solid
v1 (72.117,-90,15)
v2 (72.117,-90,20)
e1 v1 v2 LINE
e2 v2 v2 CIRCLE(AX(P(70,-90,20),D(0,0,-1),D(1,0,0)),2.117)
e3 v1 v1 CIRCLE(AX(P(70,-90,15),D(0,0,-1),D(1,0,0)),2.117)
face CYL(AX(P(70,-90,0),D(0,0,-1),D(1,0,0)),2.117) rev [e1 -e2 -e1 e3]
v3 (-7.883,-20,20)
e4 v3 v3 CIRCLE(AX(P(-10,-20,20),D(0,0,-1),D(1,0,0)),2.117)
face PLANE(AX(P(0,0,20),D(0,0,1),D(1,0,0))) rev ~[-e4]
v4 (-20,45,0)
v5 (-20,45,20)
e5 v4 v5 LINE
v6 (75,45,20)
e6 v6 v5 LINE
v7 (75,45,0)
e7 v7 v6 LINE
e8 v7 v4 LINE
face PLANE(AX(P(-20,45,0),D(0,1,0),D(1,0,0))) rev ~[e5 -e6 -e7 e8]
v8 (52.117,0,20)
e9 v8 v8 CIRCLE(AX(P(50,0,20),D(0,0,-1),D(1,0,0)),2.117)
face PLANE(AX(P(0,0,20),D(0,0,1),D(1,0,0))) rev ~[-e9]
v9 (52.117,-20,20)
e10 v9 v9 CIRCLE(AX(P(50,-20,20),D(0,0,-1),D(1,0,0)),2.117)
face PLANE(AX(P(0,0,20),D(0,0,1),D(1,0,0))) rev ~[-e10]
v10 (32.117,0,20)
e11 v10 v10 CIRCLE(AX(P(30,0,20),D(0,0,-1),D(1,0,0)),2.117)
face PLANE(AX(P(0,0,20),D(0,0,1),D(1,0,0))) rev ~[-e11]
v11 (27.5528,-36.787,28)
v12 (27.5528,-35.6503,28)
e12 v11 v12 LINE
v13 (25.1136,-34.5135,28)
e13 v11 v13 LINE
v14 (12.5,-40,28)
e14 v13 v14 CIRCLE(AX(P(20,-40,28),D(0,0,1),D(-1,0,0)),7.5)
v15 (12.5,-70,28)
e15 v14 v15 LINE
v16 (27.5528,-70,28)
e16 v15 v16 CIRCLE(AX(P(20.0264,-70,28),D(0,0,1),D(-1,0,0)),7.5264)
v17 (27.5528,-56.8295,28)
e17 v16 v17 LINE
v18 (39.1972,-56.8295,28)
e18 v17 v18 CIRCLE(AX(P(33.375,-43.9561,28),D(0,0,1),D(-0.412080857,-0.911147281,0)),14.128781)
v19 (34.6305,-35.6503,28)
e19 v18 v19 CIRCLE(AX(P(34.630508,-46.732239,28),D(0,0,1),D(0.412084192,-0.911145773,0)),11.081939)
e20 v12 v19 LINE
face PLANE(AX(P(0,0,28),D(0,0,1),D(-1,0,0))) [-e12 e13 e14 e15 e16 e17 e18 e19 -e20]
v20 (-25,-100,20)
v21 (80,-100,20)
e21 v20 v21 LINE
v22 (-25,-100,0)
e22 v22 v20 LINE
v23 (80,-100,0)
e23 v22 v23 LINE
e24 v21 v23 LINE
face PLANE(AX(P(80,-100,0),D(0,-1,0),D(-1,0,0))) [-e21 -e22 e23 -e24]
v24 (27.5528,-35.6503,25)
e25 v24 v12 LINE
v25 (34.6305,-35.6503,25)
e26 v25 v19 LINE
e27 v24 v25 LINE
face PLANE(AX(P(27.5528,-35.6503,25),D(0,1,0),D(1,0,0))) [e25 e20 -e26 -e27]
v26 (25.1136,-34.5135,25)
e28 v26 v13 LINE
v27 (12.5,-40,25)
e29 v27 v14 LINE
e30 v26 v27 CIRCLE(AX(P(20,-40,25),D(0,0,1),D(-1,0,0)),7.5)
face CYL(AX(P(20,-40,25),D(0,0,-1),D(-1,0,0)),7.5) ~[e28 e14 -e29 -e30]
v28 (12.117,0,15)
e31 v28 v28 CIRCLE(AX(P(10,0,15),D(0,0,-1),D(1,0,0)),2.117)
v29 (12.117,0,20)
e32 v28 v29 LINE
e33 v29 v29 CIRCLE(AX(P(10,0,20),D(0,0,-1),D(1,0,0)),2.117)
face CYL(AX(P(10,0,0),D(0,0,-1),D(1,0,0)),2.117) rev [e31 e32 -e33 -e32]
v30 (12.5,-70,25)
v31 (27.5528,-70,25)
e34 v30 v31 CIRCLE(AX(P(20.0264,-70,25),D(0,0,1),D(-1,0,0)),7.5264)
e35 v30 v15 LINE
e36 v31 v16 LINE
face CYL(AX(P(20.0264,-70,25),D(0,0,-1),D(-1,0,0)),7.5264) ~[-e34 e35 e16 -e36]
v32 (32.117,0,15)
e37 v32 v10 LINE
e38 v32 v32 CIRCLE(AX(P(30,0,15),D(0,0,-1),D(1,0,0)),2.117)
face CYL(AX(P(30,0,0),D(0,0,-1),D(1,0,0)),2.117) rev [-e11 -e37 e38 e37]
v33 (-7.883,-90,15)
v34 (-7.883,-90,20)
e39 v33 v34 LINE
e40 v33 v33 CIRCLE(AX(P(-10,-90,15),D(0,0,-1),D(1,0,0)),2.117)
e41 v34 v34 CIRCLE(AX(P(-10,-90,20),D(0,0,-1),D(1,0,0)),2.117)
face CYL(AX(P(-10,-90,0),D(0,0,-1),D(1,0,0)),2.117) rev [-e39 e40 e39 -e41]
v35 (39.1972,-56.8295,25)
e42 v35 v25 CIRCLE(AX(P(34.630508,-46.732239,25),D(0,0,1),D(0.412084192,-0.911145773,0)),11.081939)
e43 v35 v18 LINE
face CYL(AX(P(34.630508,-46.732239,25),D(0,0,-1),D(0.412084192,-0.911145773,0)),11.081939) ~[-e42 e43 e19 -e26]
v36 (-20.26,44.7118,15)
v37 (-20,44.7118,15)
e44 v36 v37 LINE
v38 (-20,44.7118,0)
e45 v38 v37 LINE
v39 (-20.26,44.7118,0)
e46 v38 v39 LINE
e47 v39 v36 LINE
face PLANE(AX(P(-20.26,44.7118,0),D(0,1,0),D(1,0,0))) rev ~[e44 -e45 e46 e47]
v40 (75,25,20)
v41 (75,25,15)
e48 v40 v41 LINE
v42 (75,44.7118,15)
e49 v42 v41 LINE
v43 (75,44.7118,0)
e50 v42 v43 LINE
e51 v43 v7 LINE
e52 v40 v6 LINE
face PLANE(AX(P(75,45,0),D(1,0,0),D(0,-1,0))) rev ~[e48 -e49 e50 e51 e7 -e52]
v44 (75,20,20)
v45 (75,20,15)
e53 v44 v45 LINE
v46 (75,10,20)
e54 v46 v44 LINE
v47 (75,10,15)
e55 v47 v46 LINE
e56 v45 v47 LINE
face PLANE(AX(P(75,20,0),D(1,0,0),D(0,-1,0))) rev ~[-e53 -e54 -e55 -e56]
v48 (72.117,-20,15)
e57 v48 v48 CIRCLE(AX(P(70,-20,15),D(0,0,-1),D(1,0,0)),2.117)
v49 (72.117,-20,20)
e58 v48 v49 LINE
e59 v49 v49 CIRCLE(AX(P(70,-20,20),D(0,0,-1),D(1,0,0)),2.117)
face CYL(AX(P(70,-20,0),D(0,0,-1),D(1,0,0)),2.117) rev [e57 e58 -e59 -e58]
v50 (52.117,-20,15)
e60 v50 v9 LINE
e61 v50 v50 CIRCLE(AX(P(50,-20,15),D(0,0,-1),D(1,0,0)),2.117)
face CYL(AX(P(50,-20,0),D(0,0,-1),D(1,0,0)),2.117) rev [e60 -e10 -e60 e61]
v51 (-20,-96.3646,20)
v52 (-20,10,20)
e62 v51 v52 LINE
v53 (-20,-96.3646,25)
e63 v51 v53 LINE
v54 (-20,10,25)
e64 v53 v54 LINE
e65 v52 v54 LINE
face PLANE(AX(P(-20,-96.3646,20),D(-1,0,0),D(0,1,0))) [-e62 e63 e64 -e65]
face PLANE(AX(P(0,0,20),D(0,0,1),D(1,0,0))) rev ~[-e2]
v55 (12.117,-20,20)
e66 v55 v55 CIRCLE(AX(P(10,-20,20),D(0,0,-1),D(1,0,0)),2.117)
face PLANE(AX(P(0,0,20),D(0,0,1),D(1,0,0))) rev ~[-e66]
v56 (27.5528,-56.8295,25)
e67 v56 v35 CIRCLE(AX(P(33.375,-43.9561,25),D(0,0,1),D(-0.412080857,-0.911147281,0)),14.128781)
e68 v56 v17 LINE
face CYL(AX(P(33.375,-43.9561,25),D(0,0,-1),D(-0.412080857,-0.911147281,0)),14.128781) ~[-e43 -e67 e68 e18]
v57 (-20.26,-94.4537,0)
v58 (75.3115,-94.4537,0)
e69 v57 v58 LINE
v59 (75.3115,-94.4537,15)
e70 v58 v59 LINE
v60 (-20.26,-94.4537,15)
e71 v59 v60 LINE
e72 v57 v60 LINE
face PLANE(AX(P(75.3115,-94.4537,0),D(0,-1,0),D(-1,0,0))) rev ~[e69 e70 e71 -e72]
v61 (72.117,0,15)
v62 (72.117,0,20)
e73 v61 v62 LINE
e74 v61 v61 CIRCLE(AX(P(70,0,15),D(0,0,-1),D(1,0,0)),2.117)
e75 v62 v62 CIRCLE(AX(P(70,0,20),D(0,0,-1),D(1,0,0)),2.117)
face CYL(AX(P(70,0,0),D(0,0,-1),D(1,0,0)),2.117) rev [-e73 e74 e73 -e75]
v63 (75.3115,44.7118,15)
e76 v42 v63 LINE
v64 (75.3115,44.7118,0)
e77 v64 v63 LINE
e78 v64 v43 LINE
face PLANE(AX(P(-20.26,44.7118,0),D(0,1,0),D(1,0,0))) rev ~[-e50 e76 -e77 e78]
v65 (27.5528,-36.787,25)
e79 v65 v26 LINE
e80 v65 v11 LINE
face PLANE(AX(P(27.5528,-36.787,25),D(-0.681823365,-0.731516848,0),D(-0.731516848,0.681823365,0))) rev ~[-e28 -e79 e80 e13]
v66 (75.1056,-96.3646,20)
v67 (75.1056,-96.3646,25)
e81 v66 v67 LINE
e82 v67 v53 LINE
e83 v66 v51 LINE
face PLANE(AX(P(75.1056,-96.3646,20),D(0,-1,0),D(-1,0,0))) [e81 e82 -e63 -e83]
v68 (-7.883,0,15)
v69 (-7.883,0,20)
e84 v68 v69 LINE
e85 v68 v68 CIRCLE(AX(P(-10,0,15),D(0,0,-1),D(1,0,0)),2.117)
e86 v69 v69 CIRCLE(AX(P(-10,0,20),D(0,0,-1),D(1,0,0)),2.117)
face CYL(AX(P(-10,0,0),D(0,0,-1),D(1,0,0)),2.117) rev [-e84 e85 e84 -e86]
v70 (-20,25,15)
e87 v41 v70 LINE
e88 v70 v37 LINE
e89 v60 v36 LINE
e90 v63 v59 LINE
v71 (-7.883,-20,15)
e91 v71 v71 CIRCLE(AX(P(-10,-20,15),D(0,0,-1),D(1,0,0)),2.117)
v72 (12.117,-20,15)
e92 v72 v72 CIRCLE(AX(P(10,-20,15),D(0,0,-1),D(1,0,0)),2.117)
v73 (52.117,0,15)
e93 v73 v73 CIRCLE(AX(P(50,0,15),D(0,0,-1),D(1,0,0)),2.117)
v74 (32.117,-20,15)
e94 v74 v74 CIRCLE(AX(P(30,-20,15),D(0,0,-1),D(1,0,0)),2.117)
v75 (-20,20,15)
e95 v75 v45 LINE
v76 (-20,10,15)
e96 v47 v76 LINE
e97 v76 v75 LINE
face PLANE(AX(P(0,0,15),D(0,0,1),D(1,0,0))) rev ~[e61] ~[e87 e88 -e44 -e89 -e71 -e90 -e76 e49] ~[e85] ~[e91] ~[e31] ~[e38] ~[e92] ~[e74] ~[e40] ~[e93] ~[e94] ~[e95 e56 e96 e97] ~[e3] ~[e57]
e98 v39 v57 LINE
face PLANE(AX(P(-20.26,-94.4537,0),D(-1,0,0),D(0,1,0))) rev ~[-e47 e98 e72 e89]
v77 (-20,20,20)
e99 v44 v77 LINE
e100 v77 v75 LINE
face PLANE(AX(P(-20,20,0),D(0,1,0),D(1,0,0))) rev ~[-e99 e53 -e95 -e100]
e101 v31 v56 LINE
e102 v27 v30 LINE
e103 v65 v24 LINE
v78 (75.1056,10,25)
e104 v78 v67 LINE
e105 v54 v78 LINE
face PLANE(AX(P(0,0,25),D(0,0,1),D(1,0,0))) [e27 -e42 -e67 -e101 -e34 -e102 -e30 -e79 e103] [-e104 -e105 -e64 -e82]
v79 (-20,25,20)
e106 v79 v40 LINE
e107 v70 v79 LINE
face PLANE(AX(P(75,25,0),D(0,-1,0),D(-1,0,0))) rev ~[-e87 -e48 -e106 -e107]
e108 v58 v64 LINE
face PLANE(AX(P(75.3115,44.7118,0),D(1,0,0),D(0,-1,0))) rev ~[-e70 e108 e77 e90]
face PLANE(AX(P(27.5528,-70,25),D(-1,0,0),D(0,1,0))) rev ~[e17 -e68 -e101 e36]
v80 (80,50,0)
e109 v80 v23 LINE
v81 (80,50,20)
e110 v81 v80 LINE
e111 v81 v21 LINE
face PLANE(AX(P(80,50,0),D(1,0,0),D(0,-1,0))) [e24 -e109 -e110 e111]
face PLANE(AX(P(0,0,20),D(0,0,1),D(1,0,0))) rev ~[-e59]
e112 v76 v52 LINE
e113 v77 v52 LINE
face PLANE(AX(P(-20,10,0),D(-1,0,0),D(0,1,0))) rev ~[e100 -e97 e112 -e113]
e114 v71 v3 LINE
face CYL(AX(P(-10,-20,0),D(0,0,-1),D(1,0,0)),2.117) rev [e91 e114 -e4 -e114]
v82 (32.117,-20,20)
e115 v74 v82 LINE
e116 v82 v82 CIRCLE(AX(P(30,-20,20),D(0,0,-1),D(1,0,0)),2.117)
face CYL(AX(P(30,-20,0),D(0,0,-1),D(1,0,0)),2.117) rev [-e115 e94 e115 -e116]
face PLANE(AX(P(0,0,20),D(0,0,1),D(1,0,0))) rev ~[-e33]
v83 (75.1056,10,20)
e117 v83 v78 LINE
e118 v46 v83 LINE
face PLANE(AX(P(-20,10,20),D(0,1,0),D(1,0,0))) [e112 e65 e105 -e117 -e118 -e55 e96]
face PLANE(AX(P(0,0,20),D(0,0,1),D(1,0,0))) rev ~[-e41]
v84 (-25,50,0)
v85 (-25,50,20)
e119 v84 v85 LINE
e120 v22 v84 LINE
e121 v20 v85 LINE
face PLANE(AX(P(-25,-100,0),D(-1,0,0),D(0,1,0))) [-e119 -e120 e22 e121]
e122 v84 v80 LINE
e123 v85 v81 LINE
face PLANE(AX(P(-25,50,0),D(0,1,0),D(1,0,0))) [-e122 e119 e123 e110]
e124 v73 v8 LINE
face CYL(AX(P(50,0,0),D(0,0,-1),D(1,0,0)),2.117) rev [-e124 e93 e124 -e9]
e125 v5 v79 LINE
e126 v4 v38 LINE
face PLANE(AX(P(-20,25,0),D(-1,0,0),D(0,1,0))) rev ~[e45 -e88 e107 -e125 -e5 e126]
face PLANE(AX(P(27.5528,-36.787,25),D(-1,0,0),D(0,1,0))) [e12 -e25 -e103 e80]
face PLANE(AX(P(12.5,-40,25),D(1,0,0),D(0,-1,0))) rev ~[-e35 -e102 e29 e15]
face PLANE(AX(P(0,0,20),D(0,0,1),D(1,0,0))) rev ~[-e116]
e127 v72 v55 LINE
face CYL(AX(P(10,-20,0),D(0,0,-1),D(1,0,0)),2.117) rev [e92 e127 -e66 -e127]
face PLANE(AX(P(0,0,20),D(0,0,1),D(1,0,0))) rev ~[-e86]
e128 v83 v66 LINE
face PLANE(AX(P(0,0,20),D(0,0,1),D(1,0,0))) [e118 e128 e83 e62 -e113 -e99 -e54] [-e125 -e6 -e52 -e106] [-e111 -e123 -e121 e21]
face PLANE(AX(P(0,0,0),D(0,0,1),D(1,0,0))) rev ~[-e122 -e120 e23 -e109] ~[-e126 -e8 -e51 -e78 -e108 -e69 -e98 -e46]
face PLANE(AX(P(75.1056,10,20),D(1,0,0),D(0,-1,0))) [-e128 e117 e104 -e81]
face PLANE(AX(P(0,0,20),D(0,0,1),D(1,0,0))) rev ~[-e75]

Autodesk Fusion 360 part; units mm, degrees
sketch "Sketch1" plane through (0, 0, 0) normal (0, 0, 1) x (1, 0, 0)
  line L0 (-25, 50) -> (80, 50)
  line L1 (80, 50) -> (80, -100)
  line L2 (80, -100) -> (-25, -100)
  line L3 (-25, -100) -> (-25, 50)
  line L4 (-20, 45) -> (75, 45)
  line L5 (75, 45) -> (75, 25)
  line L6 (75, 25) -> (-20, 25)
  line L7 (-20, 25) -> (-20, 45)
  line L8 (-20, 20) -> (75, 20)
  line L9 (75, 20) -> (75, 10)
  line L10 (75, 10) -> (-20, 10)
  line L11 (-20, 10) -> (-20, 20)
  dimension "d1" = 105
  dimension "d2" = 150
extrude "Extrude1" add sketch "Sketch1" along normal blind 20 makes body 1
sketch "Sketch2" plane through (0, 0, 0) normal (0, 0, 1) x (1, 0, 0)
  line L0 (-20.26, 44.7118) -> (75.3115, 44.7118)
  line L1 (75.3115, 44.7118) -> (75.3115, -94.4537)
  line L2 (75.3115, -94.4537) -> (-20.26, -94.4537)
  line L3 (-20.26, -94.4537) -> (-20.26, 44.7118)
extrude "Extrude2" cut sketch "Sketch2" along normal blind 15 bodies 1
sketch "Sketch3" plane through (0, 0, 0) normal (0, 0, 1) x (1, 0, 0)
  circle A0 centre (70, 0) radius 2.5
  circle A1 centre (-10, 0) radius 2.5
  circle A2 centre (70, -90) radius 2.5
  circle A3 centre (-10, -90) radius 2.5
  circle A4 centre (50, 0) radius 2.5
  circle A5 centre (50, -20) radius 2.5
  circle A6 centre (70, -20) radius 2.5
  circle A7 centre (10, 0) radius 2.5
  circle A8 centre (-10, -20) radius 2.5
  circle A9 centre (10, -20) radius 2.5
  circle A10 centre (30, 0) radius 2.5
  circle A11 centre (30, -20) radius 2.5
  dimension "d7" = 5
  dimension "d8" = 5
  dimension "d9" = 5
  dimension "d10" = 5
  dimension "d11" = 5
  dimension "d12" = 5
  dimension "d13" = 5
  dimension "d14" = 5
  dimension "d15" = 5
  dimension "d16" = 5
  dimension "d17" = 5
  dimension "d18" = 5
extrude "Extrude3" cut sketch "Sketch3" along normal blind 40 bodies 1
thread "Thread1" "ISO Metric profile 5.0 M5x0.8 M5x0.8 6H" major diameter 5.12 minor diameter 4.234 pitch 0.8 angle 60 resizes the face on face at (72.4969, -19.8754, 16.6667) on bodies 1
thread "Thread2" "ISO Metric profile 5.0 M5x0.8 M5x0.8 6H" major diameter 5.12 minor diameter 4.234 pitch 0.8 angle 60 resizes the face on face at (52.4969, -19.8754, 16.6667) on bodies 1
thread "Thread3" "ISO Metric profile 5.0 M5x0.8 M5x0.8 6H" major diameter 5.12 minor diameter 4.234 pitch 0.8 angle 60 resizes the face on face at (32.4969, -19.8754, 16.6667) on bodies 1
thread "Thread4" "ISO Metric profile 5.0 M5x0.8 M5x0.8 6H" major diameter 5.12 minor diameter 4.234 pitch 0.8 angle 60 resizes the face on face at (32.4876, 0.2489, 18.3333) on bodies 1
thread "Thread5" "ISO Metric profile 5.0 M5x0.8 M5x0.8 6H" major diameter 5.12 minor diameter 4.234 pitch 0.8 angle 60 resizes the face on face at (12.4876, 0.2489, 18.3333) on bodies 1
thread "Thread6" "ISO Metric profile 5.0 M5x0.8 M5x0.8 6H" major diameter 5.12 minor diameter 4.234 pitch 0.8 angle 60 resizes the face on face at (-7.5124, 0.2489, 18.3333) on bodies 1
thread "Thread7" "ISO Metric profile 5.0 M5x0.8 M5x0.8 6H" major diameter 5.12 minor diameter 4.234 pitch 0.8 angle 60 resizes the face on face at (-7.5031, -19.8754, 16.6667) on bodies 1
thread "Thread8" "ISO Metric profile 5.0 M5x0.8 M5x0.8 6H" major diameter 5.12 minor diameter 4.234 pitch 0.8 angle 60 resizes the face on face at (12.4969, -19.8754, 16.6667) on bodies 1
thread "Thread9" "ISO Metric profile 5.0 M5x0.8 M5x0.8 6H" major diameter 5.12 minor diameter 4.234 pitch 0.8 angle 60 resizes the face on face at (52.4876, 0.2489, 18.3333) on bodies 1
thread "Thread10" "ISO Metric profile 5.0 M5x0.8 M5x0.8 6H" major diameter 5.12 minor diameter 4.234 pitch 0.8 angle 60 resizes the face on face at (72.4876, 0.2489, 18.3333) on bodies 1
thread "Thread11" "ISO Metric profile 5.0 M5x0.8 M5x0.8 6H" major diameter 5.12 minor diameter 4.234 pitch 0.8 angle 60 resizes the face on face at (67.6508, -89.1449, 18.3333) on bodies 1
thread "Thread12" "ISO Metric profile 5.0 M5x0.8 M5x0.8 6H" major diameter 5.12 minor diameter 4.234 pitch 0.8 angle 60 resizes the face on face at (-12.3492, -89.1449, 18.3333) on bodies 1
sketch "Sketch4" plane through (0, 0, 0) normal (0, 0, 1) x (1, 0, 0)
  line L0 (-20, 10) -> (75.1056, 10)
  line L1 (75.1056, 10) -> (75.1056, -96.3646)
  line L2 (75.1056, -96.3646) -> (-20, -96.3646)
  line L3 (-20, -96.3646) -> (-20, 10)
extrude "Extrude1'" add sketch "Sketch4" along normal blind 10 separate body makes body 2 in component "Component"
move_body "Move1" bodies 2 to x (1, 0, 0) y (0, 1, 0) z (0, 0, 1) at (0, 0, 20) in component "Component"
extrude "Extrude2'" cut 1 faces at (43.4037, -60.9097, 30) along direction (0, 0, -1) blind 5 on bodies 2 bodies 2 in component "Component"
combine "Combine1" operation add target body 1 tool bodies 2
sketch "Sketch5" plane through (0, 0, 25) normal (0, 0, 1) x (-1, 0, 0)
  line L0 (20, 96.3646) -> (-75.1056, 96.3646)
  line L1 (-75.1056, 96.3646) -> (-75.1056, -10)
  line L2 (-75.1056, -10) -> (20, -10)
  line L3 (20, -10) -> (20, 96.3646)
  circle A0 centre (-20, 40) radius 7.5
  line L4 (-12.5, 40) -> (-12.5, 70)
  arc A1 (-12.5, 70) -> (-27.5528, 70) centre (-20.0264, 70) ccw
  line L5 (-27.5528, 70) -> (-27.5528, 36.787)
  line L6 (-27.5528, 36.787) -> (-25.1136, 34.5135)
  line L7 (-27.5528, 35.6503) -> (-34.6305, 35.6503)
  arc A2 (-39.1972, 56.8295) -> (-34.6305, 35.6503) centre (-34.6305, 46.7322) ccw
  arc A3 (-27.5528, 56.8295) -> (-39.1972, 56.8295) centre (-33.375, 43.9561) ccw
  line L8 (-27.5528, 36.787) -> (-27.5528, 56.8295)
  line L9 (-27.5528, 56.8295) -> (-27.5528, 35.6503)
  dimension "d49" = 15
extrude "Extrude4" add sketch "Sketch5" along normal blind 3 contours A0 | A0 L4 A1 L5 L6 L8 L9 | L5 L7 A2 A3 L8 L9 bodies 1
component "Component" placed x (1, 0, 0) y (0, 1, 0) z (0, 0, 1) at (0, 0, 0)
